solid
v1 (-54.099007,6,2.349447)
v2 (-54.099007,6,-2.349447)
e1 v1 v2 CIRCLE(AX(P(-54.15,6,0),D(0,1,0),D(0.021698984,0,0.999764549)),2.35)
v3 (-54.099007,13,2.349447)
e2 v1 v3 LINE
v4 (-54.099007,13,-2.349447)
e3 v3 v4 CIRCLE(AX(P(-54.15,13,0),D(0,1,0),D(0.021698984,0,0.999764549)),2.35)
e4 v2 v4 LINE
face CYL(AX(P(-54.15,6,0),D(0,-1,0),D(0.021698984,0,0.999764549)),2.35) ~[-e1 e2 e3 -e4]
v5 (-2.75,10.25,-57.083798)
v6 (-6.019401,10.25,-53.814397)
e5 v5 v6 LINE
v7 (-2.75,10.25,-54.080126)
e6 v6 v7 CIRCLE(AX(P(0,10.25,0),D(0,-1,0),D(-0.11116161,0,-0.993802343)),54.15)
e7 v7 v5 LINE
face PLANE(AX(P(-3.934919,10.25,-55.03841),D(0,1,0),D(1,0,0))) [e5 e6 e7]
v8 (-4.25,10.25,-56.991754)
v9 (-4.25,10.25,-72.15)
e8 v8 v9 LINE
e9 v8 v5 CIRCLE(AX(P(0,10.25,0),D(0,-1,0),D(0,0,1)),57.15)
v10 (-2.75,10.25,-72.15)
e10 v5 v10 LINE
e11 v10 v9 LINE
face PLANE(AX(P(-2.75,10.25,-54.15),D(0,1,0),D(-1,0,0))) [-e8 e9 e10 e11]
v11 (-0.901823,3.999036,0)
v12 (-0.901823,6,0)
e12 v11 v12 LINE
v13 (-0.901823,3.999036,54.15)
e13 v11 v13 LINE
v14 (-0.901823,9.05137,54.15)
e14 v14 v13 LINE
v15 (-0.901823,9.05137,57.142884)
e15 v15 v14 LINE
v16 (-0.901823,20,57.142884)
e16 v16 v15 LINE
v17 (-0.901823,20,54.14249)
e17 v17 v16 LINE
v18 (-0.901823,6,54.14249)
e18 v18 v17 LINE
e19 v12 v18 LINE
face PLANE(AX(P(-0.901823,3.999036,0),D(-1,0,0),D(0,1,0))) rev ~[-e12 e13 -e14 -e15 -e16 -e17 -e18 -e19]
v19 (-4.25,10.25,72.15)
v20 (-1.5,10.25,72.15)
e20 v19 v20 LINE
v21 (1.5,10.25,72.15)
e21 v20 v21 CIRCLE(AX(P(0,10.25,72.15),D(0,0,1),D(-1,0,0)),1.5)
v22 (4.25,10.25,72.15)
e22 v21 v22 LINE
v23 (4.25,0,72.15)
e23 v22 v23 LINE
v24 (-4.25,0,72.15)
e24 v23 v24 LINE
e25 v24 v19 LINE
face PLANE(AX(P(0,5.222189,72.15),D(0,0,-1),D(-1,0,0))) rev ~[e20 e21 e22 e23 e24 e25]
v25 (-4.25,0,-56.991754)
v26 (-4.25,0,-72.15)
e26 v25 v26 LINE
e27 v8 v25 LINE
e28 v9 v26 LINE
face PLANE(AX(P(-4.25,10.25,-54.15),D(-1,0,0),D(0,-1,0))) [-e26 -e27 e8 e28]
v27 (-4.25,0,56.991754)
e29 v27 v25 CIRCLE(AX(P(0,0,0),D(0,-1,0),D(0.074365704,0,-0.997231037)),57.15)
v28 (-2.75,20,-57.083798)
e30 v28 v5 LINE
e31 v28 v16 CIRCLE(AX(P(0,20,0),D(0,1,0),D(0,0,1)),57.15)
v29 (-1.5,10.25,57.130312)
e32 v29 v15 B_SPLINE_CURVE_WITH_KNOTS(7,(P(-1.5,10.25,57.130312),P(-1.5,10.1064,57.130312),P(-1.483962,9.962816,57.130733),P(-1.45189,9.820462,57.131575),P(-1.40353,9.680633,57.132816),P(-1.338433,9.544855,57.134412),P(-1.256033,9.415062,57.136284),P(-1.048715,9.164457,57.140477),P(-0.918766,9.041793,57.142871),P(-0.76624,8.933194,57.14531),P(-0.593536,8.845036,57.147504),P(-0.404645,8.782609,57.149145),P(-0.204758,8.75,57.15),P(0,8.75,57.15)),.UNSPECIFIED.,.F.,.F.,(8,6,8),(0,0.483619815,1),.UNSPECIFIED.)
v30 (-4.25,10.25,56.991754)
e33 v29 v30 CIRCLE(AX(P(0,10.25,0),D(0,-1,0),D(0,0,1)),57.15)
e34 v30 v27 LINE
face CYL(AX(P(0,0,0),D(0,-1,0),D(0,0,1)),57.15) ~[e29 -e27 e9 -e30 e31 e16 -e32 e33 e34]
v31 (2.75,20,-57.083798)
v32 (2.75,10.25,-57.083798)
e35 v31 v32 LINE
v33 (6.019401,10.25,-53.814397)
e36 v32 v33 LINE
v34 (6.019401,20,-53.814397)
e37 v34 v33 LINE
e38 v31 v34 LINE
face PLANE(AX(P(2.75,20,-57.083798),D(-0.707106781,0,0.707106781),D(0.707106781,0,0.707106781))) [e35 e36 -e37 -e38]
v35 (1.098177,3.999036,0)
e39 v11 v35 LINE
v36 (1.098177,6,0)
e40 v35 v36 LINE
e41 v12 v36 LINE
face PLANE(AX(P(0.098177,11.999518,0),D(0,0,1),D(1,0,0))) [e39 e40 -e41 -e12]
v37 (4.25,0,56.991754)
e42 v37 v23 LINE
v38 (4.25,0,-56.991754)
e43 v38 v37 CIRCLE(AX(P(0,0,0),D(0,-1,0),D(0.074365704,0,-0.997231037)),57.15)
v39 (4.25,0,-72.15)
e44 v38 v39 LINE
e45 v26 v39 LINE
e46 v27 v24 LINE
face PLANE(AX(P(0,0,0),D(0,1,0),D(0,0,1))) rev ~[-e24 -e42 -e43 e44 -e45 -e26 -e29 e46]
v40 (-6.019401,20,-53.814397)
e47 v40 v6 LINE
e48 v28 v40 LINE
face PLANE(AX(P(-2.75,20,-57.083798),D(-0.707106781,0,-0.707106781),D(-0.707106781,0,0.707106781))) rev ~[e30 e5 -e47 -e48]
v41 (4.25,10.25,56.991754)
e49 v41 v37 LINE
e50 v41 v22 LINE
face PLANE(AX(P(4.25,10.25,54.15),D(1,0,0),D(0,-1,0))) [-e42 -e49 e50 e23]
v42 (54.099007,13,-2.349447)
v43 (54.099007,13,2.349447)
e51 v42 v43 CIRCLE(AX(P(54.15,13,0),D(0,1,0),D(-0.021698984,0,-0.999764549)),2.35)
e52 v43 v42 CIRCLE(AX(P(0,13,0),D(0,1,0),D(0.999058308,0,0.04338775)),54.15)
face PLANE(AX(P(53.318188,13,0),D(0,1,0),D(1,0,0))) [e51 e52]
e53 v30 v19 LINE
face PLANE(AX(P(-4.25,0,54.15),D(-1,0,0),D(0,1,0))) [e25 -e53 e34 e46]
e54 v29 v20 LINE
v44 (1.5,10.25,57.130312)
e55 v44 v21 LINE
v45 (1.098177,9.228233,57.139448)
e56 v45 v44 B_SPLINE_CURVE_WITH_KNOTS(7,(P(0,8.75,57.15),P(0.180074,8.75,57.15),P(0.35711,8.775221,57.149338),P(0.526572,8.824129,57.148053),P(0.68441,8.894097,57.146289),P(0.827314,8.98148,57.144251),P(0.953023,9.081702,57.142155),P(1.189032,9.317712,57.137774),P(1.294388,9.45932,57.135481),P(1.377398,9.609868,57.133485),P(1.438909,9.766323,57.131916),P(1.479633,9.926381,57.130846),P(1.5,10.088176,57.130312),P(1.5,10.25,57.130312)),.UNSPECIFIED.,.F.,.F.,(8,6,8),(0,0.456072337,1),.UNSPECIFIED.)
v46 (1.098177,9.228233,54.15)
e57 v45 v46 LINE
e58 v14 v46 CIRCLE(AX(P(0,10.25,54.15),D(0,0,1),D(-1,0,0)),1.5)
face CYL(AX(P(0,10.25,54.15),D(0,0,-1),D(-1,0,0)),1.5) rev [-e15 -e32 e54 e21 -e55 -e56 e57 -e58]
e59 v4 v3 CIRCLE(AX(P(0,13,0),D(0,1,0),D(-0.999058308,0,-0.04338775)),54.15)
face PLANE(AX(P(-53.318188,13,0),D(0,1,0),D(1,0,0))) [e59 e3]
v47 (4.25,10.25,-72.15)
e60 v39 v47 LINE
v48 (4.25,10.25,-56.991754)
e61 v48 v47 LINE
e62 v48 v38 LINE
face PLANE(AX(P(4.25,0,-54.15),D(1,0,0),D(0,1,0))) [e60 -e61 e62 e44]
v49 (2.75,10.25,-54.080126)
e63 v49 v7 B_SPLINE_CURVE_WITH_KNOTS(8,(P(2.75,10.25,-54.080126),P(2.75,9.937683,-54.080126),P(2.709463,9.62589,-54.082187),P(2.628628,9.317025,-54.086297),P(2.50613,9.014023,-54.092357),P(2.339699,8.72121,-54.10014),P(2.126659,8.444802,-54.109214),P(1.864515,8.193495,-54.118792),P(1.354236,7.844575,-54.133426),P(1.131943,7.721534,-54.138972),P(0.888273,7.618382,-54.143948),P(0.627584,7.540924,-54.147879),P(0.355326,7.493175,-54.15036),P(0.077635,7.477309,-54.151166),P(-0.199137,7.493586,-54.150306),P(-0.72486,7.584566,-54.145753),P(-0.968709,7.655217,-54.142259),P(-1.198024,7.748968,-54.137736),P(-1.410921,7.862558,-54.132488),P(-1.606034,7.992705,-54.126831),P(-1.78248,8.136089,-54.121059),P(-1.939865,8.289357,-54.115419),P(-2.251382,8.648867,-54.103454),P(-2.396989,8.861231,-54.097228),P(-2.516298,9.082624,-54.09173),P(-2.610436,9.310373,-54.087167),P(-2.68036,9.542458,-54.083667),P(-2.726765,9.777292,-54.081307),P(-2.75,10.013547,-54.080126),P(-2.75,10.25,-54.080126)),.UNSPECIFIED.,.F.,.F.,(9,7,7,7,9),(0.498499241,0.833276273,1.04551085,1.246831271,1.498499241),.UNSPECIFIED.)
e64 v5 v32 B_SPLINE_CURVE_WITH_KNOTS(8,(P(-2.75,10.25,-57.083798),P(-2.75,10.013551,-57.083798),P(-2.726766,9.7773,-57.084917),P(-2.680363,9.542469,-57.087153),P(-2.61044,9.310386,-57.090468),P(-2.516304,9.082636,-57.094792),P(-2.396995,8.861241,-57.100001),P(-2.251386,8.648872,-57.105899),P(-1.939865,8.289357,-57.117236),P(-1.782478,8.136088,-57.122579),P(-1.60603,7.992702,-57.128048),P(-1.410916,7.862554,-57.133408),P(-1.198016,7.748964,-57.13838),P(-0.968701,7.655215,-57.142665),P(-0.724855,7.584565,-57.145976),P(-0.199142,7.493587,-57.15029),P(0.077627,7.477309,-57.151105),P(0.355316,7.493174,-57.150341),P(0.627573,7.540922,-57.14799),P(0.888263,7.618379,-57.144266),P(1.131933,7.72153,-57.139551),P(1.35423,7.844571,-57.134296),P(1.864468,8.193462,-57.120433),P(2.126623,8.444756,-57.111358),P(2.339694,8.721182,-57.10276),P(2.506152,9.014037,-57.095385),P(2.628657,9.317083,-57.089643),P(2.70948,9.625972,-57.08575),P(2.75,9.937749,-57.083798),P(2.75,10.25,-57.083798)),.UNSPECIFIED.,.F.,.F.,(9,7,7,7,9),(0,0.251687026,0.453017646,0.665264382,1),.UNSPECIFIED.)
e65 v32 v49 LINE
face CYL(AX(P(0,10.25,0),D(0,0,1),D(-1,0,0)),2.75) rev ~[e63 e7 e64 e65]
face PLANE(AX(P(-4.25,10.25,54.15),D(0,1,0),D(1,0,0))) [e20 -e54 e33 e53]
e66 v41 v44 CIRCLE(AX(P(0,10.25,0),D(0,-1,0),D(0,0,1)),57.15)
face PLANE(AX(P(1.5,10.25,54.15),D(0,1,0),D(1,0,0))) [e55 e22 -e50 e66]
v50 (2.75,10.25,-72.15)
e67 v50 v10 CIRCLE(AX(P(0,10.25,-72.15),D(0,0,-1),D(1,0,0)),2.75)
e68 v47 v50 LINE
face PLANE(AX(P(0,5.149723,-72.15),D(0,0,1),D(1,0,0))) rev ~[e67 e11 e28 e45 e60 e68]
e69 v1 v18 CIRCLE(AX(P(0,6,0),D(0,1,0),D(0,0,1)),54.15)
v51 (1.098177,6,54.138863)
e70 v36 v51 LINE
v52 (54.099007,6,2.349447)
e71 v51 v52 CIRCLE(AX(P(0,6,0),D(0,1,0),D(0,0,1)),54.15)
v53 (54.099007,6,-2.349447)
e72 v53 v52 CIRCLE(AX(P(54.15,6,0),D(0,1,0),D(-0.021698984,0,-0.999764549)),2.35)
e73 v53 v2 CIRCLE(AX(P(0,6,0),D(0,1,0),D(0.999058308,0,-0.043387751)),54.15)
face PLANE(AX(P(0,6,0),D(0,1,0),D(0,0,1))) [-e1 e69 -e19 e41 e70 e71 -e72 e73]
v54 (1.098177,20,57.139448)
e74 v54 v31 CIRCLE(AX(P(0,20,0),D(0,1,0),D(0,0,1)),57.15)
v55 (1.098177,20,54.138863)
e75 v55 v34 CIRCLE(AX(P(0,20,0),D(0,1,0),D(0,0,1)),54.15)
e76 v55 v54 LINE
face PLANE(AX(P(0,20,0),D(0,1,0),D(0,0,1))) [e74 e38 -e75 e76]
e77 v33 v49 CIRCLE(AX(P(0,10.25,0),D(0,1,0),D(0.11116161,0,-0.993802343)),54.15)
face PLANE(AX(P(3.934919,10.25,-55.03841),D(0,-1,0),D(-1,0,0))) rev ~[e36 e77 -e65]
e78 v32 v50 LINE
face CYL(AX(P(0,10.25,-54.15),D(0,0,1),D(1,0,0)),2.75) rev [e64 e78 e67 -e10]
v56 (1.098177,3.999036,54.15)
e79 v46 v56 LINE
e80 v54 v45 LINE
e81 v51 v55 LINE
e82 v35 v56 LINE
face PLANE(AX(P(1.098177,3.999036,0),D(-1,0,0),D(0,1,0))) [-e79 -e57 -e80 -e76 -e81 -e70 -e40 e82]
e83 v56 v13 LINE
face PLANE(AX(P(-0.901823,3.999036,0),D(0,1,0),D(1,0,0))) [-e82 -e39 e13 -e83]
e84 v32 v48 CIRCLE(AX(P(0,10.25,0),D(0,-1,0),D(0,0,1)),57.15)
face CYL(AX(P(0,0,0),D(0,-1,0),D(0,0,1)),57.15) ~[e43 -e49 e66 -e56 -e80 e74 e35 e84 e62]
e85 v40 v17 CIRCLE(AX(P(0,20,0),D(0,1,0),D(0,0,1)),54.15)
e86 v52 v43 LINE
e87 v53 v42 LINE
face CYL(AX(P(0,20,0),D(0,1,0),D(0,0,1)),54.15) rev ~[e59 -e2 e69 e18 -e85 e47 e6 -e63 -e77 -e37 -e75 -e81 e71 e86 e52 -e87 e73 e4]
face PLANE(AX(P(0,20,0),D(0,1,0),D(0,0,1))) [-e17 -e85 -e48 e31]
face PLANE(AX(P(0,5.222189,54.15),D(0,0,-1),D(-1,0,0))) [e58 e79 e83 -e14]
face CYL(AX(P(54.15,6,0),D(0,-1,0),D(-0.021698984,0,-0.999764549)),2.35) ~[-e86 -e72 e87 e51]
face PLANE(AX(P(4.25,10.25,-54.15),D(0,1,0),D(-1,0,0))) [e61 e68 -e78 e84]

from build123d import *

# Parameters (mm, degrees)
SKETCH1_R           = 57.15
BOSS_EXTRUDE1_DEPTH = 20
SKETCH2_R           = 54.15
CUT_EXTRUDE1_DEPTH  = 14
BOSS_EXTRUDE2_DEPTH = 7
CUT_EXTRUDE2_DEPTH  = 84.260104492
SKETCH5_W           = 2
SKETCH5_H           = 16.000963959
CUT_EXTRUDE3_DEPTH  = 84.260104655
BOSS_EXTRUDE3_DEPTH = 18
BOSS_EXTRUDE4_DEPTH = 18
CUT_EXTRUDE4_DEPTH  = 9.75


with BuildPart() as part:
    # Sketch1 → Boss-Extrude1 (new body)
    with BuildSketch(Plane(origin=(0, 0, 0), x_dir=(1, 0, 0), z_dir=(0, 1, 0))):
        with Locations(Location((0, 0, 0), (0, 0, 270))):
            Circle(SKETCH1_R)
    extrude(amount=BOSS_EXTRUDE1_DEPTH)

    # Sketch2 → Cut-Extrude1 (cut)
    with BuildSketch(Plane(origin=(0, 20, 0), x_dir=(1, 0, 0), z_dir=(0, 1, 0))):
        with Locations(Location((0, 0, 0), (0, 0, 270))):
            Circle(SKETCH2_R)
    extrude(amount=-CUT_EXTRUDE1_DEPTH, mode=Mode.SUBTRACT)

    # Sketch3 → Boss-Extrude2 (add)
    with BuildSketch(Plane(origin=(0, 6, 0), x_dir=(1, 0, 0), z_dir=(0, 1, 0))):
        with BuildLine():
            ThreePointArc((-54.099007387, -2.349446691), (-51.8, 0), (-54.099007387, 2.349446691))
            ThreePointArc((-54.099007387, 2.349446691), (-54.15, 0), (-54.099007387, -2.349446691))
        make_face()
        with BuildLine():
            ThreePointArc((54.099007387, 2.349446691), (51.8, 0), (54.099007387, -2.349446691))
            ThreePointArc((54.099007387, -2.349446691), (54.15, 0), (54.099007387, 2.349446691))
        make_face()
    extrude(amount=BOSS_EXTRUDE2_DEPTH)

    # Sketch4 → Cut-Extrude2 (cut, through all)
    with BuildSketch(Plane.XY):
        with BuildLine():
            Line((2.75, 10.25), (2.75, 20))
            Line((2.75, 20), (-2.75, 20))
            Line((-2.75, 20), (-2.75, 10.25))
            ThreePointArc((-2.75, 10.25), (0, 7.5), (2.75, 10.25))
        make_face()
    extrude(amount=-CUT_EXTRUDE2_DEPTH, mode=Mode.SUBTRACT)

    # Sketch5 → Cut-Extrude3 (cut, through all)
    with BuildSketch(Plane.XY):
        with Locations((0.098176677, 11.999518021)):
            Rectangle(SKETCH5_W, SKETCH5_H)
    extrude(amount=CUT_EXTRUDE3_DEPTH, mode=Mode.SUBTRACT)

    # Sketch6 → Boss-Extrude3 (add)
    with BuildSketch(Plane.XY.offset(-54.15)):
        with BuildLine():
            Line((-4.25, 0), (4.25, 0))
            Line((4.25, 0), (4.25, 10.25))
            Line((4.25, 10.25), (2.75, 10.25))
            ThreePointArc((2.75, 10.25), (0, 7.5), (-2.75, 10.25))
            Line((-2.75, 10.25), (-4.25, 10.25))
            Line((-4.25, 10.25), (-4.25, 0))
        make_face()
    extrude(amount=-BOSS_EXTRUDE3_DEPTH)

    # Sketch7 → Boss-Extrude4 (add)
    with BuildSketch(Plane(origin=(0, 0, 54.15), x_dir=(-1, 0, 0), z_dir=(0, 0, -1))):
        with BuildLine():
            Line((4.25, 10.25), (1.5, 10.25))
            ThreePointArc((1.5, 10.25), (0, 8.75), (-1.5, 10.25))
            Line((-1.5, 10.25), (-4.25, 10.25))
            Line((-4.25, 10.25), (-4.25, 0))
            Line((-4.25, 0), (4.25, 0))
            Line((4.25, 0), (4.25, 10.25))
        make_face()
    extrude(amount=-BOSS_EXTRUDE4_DEPTH)

    # Sketch8 → Cut-Extrude4 (cut)
    with BuildSketch(Plane(origin=(0, 20, 0), x_dir=(1, 0, 0), z_dir=(0, 1, 0))):
        with BuildLine():
            Line((2.75, 54.080125739), (2.75, 57.083798052))
            Line((2.75, 57.083798052), (6.019401193, 53.814396859))
            ThreePointArc((6.019401193, 53.814396859), (4.386713152, 53.972022824), (2.75, 54.080125739))
        make_face()
        with BuildLine():
            Line((-2.75, 54.080125739), (-2.75, 57.083798052))
            Line((-2.75, 57.083798052), (-6.019401193, 53.814396859))
            ThreePointArc((-6.019401193, 53.814396859), (-4.386713152, 53.972022824), (-2.75, 54.080125739))
        make_face()
    extrude(amount=-CUT_EXTRUDE4_DEPTH, mode=Mode.SUBTRACT)


solid = part.part
